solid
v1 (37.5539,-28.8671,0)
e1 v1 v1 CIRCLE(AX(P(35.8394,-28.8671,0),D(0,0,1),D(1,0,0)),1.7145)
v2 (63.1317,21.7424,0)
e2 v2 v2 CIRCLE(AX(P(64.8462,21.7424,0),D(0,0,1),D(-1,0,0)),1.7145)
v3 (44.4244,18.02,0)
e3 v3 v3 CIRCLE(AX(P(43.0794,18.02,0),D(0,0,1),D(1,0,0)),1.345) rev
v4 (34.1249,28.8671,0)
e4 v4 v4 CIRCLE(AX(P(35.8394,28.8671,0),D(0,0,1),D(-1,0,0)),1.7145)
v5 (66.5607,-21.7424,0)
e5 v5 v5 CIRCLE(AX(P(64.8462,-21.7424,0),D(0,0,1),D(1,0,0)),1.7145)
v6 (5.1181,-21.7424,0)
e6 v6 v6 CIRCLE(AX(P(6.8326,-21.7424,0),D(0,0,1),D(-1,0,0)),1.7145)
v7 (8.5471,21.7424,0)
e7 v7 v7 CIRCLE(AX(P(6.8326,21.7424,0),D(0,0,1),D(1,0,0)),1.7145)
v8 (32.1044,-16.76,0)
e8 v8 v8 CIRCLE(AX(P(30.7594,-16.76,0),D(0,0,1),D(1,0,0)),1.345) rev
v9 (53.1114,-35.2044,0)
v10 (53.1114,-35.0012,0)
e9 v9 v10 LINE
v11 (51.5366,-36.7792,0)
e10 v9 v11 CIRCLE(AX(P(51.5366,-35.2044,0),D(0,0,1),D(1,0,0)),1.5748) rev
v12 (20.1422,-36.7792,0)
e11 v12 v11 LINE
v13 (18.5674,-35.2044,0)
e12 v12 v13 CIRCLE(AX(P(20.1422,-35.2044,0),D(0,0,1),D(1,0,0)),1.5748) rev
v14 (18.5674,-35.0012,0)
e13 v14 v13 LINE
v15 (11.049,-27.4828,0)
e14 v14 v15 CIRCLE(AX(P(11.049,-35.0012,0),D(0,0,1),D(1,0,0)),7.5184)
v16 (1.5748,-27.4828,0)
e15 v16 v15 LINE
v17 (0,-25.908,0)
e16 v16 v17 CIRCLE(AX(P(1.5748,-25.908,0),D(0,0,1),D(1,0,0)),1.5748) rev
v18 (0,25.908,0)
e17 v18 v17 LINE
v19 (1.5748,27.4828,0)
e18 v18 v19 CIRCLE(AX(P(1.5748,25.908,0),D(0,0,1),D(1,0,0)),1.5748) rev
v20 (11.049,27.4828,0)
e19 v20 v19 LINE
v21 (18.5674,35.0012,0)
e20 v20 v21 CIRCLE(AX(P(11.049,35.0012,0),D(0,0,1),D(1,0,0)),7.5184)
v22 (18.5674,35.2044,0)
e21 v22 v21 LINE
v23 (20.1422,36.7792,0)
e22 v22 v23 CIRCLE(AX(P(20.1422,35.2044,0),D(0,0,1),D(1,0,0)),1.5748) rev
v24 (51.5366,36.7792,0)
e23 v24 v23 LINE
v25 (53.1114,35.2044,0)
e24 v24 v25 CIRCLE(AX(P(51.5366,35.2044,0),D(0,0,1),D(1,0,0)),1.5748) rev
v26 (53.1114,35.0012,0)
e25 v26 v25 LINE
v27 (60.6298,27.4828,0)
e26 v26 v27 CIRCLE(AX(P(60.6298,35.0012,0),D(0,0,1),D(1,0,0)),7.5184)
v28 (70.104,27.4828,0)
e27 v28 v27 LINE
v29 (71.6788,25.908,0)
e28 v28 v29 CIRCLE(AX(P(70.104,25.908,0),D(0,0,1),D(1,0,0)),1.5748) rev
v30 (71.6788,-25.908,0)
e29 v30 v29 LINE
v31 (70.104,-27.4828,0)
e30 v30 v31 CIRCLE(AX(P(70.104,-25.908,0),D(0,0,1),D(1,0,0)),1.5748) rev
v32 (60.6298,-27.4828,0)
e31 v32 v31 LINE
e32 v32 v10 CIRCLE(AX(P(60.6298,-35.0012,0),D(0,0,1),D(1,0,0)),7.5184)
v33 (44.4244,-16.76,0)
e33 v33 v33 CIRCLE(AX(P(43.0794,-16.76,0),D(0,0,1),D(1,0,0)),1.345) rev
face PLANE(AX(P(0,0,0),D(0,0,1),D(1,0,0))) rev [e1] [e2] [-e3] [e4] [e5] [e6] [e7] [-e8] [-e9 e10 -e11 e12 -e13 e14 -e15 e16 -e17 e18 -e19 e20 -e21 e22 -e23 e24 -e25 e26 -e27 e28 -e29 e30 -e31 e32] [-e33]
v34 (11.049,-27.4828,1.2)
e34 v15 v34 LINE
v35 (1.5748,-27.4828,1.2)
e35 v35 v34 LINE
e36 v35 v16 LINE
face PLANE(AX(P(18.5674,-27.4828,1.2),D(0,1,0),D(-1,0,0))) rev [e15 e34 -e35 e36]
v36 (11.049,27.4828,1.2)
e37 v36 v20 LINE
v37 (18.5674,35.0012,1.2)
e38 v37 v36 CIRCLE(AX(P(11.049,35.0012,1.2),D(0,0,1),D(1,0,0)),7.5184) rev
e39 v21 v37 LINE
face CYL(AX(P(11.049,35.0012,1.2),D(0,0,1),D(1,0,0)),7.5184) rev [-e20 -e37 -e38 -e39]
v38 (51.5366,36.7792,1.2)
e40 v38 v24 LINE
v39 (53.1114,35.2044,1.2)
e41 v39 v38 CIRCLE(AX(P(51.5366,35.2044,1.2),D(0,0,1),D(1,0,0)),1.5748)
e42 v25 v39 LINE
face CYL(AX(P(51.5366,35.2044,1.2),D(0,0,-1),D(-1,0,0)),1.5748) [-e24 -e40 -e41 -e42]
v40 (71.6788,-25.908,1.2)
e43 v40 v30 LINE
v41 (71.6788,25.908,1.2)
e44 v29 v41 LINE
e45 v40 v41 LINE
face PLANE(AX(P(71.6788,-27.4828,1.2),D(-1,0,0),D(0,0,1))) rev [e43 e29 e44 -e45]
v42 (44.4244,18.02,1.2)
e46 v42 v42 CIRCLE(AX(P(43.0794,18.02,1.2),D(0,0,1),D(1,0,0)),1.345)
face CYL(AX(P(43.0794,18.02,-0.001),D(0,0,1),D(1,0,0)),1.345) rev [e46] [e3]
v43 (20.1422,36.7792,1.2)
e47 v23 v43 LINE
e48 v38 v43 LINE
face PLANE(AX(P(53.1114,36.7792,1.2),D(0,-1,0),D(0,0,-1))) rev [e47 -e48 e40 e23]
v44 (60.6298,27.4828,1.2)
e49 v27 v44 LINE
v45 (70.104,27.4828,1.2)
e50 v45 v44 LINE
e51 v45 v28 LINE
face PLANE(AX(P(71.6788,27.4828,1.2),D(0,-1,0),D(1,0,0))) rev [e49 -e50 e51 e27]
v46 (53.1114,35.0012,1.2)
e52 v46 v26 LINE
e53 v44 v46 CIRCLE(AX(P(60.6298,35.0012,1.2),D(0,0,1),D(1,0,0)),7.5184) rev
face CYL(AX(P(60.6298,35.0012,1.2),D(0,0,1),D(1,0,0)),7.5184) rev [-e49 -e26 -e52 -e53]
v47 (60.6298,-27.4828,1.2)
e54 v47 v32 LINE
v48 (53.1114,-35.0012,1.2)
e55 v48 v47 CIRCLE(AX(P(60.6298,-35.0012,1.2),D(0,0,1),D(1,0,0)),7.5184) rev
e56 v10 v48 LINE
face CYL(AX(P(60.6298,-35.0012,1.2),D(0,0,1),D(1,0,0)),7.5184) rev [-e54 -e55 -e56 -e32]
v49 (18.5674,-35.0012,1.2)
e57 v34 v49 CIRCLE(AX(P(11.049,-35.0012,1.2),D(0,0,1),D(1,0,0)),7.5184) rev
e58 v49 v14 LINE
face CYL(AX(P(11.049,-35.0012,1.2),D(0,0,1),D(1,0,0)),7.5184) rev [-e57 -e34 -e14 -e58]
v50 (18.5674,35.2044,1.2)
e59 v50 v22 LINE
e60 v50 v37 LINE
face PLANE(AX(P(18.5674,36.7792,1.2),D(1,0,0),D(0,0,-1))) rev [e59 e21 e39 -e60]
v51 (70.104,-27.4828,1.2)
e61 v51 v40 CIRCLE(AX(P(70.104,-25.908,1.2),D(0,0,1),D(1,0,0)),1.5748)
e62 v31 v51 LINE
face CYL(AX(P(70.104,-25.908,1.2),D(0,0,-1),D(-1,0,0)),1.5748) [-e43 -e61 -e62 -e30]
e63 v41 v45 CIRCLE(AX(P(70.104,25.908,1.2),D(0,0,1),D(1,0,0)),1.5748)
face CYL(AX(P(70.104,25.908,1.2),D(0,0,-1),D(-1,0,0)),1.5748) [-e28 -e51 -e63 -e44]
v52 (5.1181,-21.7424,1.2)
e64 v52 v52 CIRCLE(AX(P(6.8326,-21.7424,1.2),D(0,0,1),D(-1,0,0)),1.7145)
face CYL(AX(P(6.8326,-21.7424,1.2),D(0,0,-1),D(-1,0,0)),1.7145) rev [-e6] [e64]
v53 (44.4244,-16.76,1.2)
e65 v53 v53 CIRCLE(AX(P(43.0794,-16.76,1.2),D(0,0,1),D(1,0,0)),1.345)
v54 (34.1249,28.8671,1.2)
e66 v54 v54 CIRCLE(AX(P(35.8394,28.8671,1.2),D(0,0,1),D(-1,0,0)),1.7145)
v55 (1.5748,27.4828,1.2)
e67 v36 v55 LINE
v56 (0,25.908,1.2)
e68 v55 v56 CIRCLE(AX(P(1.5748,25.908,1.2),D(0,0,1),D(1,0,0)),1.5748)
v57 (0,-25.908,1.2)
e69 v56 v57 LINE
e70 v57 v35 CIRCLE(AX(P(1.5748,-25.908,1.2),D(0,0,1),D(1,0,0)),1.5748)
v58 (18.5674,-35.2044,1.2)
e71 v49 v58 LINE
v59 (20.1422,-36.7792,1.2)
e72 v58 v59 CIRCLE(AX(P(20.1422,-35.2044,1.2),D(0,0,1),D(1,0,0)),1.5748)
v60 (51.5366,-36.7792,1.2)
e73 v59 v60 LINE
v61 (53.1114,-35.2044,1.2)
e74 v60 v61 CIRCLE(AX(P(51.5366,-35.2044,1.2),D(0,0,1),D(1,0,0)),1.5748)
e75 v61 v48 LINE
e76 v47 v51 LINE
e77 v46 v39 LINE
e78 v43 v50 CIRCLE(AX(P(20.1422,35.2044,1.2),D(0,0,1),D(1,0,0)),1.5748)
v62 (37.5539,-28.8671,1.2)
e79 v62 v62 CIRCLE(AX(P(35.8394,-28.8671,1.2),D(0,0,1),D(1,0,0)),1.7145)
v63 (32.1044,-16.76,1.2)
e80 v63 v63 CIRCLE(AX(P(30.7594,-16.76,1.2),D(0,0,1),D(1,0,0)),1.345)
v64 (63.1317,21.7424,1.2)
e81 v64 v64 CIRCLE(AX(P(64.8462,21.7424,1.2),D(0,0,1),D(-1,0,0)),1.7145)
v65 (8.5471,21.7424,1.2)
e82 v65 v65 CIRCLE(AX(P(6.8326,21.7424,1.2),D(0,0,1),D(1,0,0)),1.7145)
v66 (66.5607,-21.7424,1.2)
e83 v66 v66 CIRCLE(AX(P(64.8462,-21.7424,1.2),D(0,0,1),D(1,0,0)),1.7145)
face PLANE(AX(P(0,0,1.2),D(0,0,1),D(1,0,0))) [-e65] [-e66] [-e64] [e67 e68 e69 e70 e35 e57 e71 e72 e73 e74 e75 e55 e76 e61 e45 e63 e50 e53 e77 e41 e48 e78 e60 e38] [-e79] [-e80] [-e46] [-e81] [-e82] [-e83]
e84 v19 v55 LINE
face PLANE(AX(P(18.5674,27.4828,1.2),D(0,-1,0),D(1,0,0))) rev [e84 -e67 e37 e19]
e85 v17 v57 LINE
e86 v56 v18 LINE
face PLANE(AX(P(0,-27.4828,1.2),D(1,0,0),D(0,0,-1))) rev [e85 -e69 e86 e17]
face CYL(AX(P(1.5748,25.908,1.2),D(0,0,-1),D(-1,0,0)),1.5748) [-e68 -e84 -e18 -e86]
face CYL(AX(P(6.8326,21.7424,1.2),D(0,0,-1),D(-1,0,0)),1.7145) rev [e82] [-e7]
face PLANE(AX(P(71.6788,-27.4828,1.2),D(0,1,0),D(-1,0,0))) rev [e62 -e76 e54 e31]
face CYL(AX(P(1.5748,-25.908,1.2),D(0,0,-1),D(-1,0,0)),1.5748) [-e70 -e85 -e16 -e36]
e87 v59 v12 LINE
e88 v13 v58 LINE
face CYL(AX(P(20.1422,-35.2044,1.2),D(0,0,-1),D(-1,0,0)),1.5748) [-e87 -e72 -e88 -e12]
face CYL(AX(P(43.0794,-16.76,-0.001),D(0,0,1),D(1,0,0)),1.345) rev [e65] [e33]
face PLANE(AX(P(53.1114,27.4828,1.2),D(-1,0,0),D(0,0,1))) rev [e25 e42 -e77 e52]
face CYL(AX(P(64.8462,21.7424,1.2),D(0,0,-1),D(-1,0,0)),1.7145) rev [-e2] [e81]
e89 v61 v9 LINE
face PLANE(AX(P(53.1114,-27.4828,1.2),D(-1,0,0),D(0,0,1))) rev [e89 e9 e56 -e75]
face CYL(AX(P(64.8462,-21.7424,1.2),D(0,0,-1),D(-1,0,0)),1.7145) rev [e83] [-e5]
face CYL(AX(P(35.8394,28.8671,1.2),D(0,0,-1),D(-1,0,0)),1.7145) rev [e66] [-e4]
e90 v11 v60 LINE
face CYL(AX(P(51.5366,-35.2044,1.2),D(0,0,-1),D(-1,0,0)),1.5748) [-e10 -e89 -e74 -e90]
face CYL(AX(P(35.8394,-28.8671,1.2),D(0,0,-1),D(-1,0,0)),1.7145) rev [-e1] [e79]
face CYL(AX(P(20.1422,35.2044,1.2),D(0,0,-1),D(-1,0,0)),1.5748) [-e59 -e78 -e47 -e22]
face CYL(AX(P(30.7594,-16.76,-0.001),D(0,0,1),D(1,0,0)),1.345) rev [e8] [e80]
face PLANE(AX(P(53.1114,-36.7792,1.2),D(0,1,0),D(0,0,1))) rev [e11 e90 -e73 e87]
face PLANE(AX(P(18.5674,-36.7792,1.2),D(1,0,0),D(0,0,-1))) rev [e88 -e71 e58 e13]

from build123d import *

# Parameters (mm, degrees)
SKETCH1_R           = 1.7145
MAINBODY_DEPTH      = 1.2
LARGEROUNDS_R       = 7.5184
SMALLROUNDS_R       = 1.5748
PCBMOUNTHOLES_REACH = 82.573
SKETCH2_R           = 1.345


with BuildPart() as part:
    # Sketch1 → MainBody (new body)
    with BuildSketch(Plane.XY):
        Polygon((71.6788, -27.4828), (71.6788, 27.4828), (53.1114, 27.4828), (53.1114, 36.7792), (18.5674, 36.7792), (18.5674, 27.4828), (0, 27.4828), (0, -27.4828), (18.5674, -27.4828), (18.5674, -36.7792), (53.1114, -36.7792), (53.1114, -27.4828), align=None)
        with Locations((64.8462, -21.7424)):
            Circle(SKETCH1_R, mode=Mode.SUBTRACT)
        with Locations(Location((6.8326, -21.7424, 0), (0, 0, 180))):
            Circle(SKETCH1_R, mode=Mode.SUBTRACT)
        with Locations((6.8326, 21.7424)):
            Circle(SKETCH1_R, mode=Mode.SUBTRACT)
        with Locations(Location((64.8462, 21.7424, 0), (0, 0, 180))):
            Circle(SKETCH1_R, mode=Mode.SUBTRACT)
        with Locations((35.8394, -28.8671)):
            Circle(SKETCH1_R, mode=Mode.SUBTRACT)
        with Locations(Location((35.8394, 28.8671, 0), (0, 0, 180))):
            Circle(SKETCH1_R, mode=Mode.SUBTRACT)
    extrude(amount=MAINBODY_DEPTH)

    # LargeRounds
    largerounds_edges = [part.edges().sort_by_distance(p)[0] for p in [
        (53.1114, -27.4828, 0.6),
        (18.5674, -27.4828, 0.6),
        (18.5674, 27.4828, 0.6),
        (53.1114, 27.4828, 0.6),
    ]]
    fillet(largerounds_edges, radius=LARGEROUNDS_R)

    # SmallRounds
    smallrounds_edges = [part.edges().sort_by_distance(p)[0] for p in [
        (53.1114, -36.7792, 0.6),
        (18.5674, -36.7792, 0.6),
        (0, -27.4828, 0.6),
        (0, 27.4828, 0.6),
        (18.5674, 36.7792, 0.6),
        (53.1114, 36.7792, 0.6),
        (71.6788, 27.4828, 0.6),
        (71.6788, -27.4828, 0.6),
    ]]
    fillet(smallrounds_edges, radius=SMALLROUNDS_R)

    # Sketch2 → PCBMountHoles (cut, up to next)
    with BuildSketch(Plane.XY.offset(1.2), mode=Mode.PRIVATE) as pcbmountholes_sk1:
        with Locations((30.7594, -16.76)):
            Circle(SKETCH2_R)
    pcbmountholes_tool1 = extrude(pcbmountholes_sk1.sketch, amount=-PCBMOUNTHOLES_REACH, mode=Mode.PRIVATE) & part.part
    # Sketch2 → PCBMountHoles (cut, up to next)
    with BuildSketch(Plane.XY.offset(1.2), mode=Mode.PRIVATE) as pcbmountholes_sk2:
        with Locations((43.0794, -16.76)):
            Circle(SKETCH2_R)
    pcbmountholes_tool2 = extrude(pcbmountholes_sk2.sketch, amount=-PCBMOUNTHOLES_REACH, mode=Mode.PRIVATE) & part.part
    # Sketch2 → PCBMountHoles (cut, up to next)
    with BuildSketch(Plane.XY.offset(1.2), mode=Mode.PRIVATE) as pcbmountholes_sk3:
        with Locations((43.0794, 18.02)):
            Circle(SKETCH2_R)
    pcbmountholes_tool3 = extrude(pcbmountholes_sk3.sketch, amount=-PCBMOUNTHOLES_REACH, mode=Mode.PRIVATE) & part.part
    add(pcbmountholes_tool1.solids().sort_by_distance((30.7594, -16.76, 1.2))[0], mode=Mode.SUBTRACT)
    add(pcbmountholes_tool2.solids().sort_by_distance((43.0794, -16.76, 1.2))[0], mode=Mode.SUBTRACT)
    add(pcbmountholes_tool3.solids().sort_by_distance((43.0794, 18.02, 1.2))[0], mode=Mode.SUBTRACT)


solid = part.part
